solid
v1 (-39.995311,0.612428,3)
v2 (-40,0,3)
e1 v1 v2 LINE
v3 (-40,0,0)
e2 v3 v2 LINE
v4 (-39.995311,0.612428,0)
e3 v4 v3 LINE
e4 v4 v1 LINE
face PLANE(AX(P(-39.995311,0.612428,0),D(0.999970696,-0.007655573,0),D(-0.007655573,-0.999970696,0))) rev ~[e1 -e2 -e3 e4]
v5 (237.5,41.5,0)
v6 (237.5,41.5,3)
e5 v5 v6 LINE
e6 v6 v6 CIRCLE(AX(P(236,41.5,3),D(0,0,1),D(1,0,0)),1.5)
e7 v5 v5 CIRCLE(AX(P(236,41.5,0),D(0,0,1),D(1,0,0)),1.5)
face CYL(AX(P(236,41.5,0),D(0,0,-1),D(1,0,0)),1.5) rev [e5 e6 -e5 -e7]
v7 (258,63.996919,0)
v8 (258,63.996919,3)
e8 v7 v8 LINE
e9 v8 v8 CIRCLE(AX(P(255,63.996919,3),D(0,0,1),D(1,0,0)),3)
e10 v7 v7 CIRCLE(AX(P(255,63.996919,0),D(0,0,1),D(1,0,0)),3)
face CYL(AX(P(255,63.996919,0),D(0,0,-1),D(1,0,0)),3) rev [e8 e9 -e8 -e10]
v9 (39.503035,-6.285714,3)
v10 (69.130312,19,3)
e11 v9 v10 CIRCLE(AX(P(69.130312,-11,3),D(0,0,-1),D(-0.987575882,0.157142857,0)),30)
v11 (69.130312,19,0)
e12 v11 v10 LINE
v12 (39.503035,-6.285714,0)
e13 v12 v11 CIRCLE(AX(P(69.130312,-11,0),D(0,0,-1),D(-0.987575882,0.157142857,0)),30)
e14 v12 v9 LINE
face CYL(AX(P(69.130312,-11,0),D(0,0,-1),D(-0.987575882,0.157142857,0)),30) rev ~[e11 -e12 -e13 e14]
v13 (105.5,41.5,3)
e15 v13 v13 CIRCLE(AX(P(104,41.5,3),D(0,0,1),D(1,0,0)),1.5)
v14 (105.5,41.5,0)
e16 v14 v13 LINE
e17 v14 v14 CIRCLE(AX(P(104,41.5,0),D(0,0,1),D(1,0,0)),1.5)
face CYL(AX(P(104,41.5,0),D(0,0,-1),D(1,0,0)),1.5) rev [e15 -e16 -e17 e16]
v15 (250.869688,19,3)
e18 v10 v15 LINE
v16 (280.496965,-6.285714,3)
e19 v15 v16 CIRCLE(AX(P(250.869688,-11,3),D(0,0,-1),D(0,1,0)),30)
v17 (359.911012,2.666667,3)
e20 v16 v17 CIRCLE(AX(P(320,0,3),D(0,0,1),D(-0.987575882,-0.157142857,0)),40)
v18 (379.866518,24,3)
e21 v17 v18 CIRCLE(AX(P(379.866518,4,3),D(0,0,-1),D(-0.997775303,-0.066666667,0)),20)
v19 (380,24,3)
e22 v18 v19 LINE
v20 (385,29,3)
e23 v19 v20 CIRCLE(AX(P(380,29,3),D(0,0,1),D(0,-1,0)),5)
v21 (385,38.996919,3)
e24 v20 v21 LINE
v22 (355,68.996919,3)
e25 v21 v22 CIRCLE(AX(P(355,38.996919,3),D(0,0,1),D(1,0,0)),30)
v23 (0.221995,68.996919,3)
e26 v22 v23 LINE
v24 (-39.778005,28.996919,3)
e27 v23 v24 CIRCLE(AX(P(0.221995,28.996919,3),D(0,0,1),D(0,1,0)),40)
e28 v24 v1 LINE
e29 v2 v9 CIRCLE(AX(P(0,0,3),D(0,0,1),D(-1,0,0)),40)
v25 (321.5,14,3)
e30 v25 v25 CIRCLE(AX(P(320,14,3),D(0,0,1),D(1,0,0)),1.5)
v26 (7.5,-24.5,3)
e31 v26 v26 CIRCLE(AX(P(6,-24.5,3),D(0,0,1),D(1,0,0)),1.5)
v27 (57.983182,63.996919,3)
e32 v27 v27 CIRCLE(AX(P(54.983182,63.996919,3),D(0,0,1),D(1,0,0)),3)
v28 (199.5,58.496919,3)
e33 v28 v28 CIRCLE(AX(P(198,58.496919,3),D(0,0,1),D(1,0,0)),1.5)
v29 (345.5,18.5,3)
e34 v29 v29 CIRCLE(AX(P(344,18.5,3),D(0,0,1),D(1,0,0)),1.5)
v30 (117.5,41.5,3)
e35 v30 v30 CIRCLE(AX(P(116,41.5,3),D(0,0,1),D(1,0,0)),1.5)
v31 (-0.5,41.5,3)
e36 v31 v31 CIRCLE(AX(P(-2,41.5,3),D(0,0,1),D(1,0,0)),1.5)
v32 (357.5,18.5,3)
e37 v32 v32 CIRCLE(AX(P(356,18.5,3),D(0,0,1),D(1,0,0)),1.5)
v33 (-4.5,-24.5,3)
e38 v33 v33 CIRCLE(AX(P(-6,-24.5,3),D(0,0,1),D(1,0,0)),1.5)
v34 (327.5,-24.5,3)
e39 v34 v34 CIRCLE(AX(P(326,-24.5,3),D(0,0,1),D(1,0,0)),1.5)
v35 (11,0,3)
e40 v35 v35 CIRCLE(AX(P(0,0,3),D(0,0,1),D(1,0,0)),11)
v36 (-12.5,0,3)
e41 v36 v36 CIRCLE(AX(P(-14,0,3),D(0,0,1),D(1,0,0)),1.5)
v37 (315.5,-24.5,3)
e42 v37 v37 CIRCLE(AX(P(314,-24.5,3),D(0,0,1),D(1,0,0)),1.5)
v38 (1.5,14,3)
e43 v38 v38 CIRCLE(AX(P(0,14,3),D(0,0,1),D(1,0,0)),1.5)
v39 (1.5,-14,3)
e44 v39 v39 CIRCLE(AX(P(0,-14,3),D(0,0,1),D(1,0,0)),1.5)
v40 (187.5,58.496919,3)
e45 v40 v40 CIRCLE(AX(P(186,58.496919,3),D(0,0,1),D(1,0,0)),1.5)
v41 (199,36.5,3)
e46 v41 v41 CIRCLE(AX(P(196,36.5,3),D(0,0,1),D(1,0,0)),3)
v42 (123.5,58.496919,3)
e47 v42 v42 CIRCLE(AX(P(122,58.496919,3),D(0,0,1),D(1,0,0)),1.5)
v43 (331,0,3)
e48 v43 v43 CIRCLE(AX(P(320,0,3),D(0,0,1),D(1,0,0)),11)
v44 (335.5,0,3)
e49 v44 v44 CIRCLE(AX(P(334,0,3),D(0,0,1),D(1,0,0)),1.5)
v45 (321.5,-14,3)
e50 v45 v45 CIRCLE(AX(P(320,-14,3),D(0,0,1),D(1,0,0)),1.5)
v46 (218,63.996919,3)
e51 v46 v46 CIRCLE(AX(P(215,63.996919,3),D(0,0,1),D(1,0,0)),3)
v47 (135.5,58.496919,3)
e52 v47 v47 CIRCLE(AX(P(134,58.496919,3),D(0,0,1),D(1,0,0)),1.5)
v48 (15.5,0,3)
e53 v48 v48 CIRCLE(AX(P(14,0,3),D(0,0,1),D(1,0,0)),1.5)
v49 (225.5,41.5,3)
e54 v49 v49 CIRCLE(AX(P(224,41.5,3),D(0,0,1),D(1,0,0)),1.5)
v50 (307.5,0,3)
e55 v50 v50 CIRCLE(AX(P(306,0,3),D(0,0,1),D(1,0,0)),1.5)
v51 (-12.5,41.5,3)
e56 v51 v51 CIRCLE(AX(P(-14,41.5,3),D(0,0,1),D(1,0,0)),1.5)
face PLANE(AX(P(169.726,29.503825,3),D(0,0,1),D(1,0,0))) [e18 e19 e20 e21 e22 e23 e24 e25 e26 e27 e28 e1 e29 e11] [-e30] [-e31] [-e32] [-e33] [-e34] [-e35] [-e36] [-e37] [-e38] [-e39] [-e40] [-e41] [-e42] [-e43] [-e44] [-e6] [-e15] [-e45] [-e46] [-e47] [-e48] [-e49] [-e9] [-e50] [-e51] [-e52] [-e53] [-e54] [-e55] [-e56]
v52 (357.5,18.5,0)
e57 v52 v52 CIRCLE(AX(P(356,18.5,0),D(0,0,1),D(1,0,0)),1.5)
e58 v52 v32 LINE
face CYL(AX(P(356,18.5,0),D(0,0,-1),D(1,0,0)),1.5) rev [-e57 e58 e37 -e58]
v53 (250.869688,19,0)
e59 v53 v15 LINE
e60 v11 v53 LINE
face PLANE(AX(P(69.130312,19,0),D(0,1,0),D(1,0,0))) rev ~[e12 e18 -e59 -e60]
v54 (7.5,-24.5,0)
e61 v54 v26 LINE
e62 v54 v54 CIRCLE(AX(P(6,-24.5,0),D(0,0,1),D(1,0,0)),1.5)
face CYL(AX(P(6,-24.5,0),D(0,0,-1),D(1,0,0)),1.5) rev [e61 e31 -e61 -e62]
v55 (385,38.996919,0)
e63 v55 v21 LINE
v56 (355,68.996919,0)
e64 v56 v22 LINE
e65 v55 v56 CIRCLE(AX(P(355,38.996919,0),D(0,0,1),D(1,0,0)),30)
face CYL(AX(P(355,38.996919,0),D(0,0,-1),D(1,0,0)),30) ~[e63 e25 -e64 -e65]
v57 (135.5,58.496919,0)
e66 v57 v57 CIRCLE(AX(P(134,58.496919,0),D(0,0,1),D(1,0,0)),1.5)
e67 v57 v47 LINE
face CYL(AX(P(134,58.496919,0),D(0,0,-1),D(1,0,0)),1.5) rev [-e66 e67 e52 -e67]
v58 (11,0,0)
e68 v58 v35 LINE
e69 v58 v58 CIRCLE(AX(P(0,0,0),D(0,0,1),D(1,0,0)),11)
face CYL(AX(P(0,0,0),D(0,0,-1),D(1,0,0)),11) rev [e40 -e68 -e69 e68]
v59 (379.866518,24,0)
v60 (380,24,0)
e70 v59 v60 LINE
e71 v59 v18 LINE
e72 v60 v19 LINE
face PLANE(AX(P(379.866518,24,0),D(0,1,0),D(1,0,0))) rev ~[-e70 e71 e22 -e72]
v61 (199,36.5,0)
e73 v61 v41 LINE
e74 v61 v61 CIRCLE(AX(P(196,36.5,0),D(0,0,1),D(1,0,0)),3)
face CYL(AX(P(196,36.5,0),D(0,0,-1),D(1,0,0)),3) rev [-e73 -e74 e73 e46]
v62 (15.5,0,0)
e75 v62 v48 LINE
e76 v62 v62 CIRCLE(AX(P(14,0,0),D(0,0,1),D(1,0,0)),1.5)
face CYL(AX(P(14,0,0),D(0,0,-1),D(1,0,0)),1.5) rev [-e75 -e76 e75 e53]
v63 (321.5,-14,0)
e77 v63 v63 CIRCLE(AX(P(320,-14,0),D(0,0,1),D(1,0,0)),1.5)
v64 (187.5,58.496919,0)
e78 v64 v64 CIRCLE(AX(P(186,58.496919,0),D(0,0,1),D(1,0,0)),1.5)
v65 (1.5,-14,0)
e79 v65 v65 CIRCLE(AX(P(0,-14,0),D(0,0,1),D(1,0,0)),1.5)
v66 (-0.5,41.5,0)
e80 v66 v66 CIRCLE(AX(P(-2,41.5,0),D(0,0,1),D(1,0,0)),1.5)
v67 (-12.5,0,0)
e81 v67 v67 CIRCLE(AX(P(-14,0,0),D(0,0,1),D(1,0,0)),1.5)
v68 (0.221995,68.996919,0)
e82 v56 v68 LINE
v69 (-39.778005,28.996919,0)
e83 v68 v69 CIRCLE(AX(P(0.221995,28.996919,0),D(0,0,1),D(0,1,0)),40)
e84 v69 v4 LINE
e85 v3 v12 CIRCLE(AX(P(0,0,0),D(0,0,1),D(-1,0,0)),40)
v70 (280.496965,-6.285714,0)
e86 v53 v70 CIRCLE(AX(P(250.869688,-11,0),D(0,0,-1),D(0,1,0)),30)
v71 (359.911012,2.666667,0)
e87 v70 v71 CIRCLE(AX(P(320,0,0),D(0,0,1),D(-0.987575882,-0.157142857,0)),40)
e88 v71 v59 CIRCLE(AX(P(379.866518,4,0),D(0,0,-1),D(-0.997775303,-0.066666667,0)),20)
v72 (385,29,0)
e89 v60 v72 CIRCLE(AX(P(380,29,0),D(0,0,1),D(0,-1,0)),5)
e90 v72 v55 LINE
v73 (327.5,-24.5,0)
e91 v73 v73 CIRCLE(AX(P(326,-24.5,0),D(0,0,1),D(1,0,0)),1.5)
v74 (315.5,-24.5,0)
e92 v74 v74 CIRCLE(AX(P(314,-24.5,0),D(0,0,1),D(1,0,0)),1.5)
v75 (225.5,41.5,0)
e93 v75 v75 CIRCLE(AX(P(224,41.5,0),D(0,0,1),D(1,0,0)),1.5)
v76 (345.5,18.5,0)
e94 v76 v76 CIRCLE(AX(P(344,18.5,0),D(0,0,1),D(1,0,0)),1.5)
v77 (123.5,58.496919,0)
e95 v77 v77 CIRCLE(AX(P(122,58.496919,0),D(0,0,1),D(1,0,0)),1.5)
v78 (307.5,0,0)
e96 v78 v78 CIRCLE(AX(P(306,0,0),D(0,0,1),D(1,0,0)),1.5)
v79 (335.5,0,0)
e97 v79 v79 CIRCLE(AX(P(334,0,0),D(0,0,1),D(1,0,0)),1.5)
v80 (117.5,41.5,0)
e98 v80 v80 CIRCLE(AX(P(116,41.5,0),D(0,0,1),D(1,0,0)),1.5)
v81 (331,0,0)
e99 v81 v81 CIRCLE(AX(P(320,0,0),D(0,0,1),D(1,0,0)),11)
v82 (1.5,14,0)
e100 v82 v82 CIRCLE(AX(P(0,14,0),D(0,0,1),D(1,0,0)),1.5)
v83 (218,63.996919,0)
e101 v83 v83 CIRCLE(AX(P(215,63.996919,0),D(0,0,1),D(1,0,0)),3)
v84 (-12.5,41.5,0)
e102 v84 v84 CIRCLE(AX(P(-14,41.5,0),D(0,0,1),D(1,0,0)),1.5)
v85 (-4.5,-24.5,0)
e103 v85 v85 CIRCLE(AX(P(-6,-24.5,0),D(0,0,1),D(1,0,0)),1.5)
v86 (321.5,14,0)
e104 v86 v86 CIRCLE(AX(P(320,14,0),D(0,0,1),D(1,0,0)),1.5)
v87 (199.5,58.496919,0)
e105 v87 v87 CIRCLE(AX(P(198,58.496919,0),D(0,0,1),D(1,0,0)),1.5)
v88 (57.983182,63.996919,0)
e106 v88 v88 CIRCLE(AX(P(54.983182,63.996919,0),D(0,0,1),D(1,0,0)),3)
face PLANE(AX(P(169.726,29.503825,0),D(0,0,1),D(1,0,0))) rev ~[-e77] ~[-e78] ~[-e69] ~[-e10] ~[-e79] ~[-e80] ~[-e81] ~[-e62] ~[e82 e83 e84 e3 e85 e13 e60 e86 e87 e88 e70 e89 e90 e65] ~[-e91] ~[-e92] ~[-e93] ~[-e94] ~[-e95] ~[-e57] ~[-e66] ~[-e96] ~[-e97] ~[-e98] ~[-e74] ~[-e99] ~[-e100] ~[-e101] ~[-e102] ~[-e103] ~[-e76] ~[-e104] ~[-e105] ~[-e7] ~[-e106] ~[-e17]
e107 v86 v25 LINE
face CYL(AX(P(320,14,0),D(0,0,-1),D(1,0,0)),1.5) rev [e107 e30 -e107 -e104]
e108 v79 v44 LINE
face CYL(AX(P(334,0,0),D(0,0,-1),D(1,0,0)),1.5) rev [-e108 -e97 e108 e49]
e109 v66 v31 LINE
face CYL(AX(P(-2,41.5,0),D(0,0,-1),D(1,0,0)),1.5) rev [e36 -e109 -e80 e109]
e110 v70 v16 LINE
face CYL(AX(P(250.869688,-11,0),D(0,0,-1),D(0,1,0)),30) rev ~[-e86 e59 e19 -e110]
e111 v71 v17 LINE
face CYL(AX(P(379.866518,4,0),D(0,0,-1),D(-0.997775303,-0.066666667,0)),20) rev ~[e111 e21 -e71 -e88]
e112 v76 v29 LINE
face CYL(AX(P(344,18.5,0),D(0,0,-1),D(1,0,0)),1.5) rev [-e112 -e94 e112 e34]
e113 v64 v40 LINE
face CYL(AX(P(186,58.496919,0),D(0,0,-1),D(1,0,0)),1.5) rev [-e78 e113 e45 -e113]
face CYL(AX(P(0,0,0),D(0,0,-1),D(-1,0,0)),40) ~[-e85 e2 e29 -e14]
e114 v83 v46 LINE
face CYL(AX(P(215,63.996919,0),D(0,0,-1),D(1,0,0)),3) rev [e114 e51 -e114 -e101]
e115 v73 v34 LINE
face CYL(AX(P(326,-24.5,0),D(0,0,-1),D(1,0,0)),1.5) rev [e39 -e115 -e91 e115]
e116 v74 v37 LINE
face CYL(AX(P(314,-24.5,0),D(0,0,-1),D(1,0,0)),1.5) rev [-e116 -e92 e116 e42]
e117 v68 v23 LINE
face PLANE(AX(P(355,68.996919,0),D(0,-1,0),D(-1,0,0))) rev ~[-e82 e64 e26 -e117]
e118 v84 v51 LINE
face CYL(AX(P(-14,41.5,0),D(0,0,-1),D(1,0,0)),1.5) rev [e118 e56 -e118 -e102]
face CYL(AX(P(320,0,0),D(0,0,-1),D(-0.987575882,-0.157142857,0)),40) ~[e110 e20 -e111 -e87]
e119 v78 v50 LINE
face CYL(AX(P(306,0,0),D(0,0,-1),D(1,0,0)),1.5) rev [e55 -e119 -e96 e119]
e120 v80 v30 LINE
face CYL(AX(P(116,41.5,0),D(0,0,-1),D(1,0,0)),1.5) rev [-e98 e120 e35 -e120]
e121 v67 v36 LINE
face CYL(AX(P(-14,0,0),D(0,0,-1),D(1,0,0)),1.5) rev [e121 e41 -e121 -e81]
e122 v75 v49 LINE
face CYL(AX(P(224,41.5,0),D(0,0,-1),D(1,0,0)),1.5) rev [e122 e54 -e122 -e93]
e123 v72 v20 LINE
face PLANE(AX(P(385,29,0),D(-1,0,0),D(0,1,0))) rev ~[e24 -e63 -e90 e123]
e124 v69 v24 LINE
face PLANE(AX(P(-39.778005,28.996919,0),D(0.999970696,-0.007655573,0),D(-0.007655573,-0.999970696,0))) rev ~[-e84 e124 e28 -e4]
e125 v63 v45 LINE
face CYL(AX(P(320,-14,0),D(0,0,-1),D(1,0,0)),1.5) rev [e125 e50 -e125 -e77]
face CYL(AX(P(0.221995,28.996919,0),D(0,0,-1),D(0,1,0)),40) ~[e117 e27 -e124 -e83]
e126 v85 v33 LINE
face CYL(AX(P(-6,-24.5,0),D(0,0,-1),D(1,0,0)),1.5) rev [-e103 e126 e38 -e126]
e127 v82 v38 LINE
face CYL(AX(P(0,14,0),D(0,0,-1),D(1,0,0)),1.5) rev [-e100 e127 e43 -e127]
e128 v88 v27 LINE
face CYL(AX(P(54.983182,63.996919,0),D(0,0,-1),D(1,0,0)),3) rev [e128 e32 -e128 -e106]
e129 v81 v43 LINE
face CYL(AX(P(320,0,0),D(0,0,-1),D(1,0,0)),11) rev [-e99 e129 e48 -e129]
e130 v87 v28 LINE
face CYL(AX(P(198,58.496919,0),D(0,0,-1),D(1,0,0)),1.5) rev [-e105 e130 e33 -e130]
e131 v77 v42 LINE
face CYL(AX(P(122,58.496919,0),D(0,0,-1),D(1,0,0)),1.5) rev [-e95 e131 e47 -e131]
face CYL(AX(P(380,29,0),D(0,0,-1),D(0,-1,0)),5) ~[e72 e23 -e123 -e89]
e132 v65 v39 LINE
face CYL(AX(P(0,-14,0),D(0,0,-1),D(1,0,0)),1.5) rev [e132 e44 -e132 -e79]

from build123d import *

# Parameters (mm, degrees)
MODEL_R         = 1.5
MODEL_R_2       = 11
MODEL_R_3       = 3
EXTRUDE_1_DEPTH = 3


with BuildPart() as part:
    # Model → 凸台-拉伸1 (new body)
    with BuildSketch(Plane.XY):
        with BuildLine():
            ThreePointArc((39.503035275, -6.285714286), (49.655052701, 11.819164878), (69.130311731, 19))
            Line((69.130311731, 19), (250.869688269, 19))
            ThreePointArc((250.869688269, 19), (270.344947299, 11.819164878), (280.496964725, -6.285714286))
            ThreePointArc((280.496964725, -6.285714286), (324.480836134, -39.748234018), (359.911012126, 2.666666667))
            ThreePointArc((359.911012126, 2.666666667), (365.260583322, 17.662601021), (379.866518188, 24))
            Line((379.866518188, 24), (380, 24))
            ThreePointArc((380, 24), (383.535533906, 25.464466094), (385, 29))
            Line((385, 29), (385, 38.996919308))
            ThreePointArc((385, 38.996919308), (376.213203436, 60.210122744), (355, 68.996919308))
            Line((355, 68.996919308), (0.221994544, 68.996919308))
            ThreePointArc((0.221994544, 68.996919308), (-28.062276703, 57.281190556), (-39.778005456, 28.996919308))
            Line((-39.778005456, 28.996919308), (-39.995311376, 0.612427911))
            Line((-39.995311376, 0.612427911), (-40, 0))
            ThreePointArc((-40, 0), (-3.152664667, -39.875565269), (39.503035275, -6.285714286))
        make_face()
        with Locations((-6, -24.5)):
            Circle(MODEL_R, mode=Mode.SUBTRACT)
        with Locations((6, -24.5)):
            Circle(MODEL_R, mode=Mode.SUBTRACT)
        with Locations((0, -14)):
            Circle(MODEL_R, mode=Mode.SUBTRACT)
        with Locations((-14, 0)):
            Circle(MODEL_R, mode=Mode.SUBTRACT)
        Circle(MODEL_R_2, mode=Mode.SUBTRACT)
        with Locations((14, 0)):
            Circle(MODEL_R, mode=Mode.SUBTRACT)
        with Locations((0, 14)):
            Circle(MODEL_R, mode=Mode.SUBTRACT)
        with Locations((314, -24.5)):
            Circle(MODEL_R, mode=Mode.SUBTRACT)
        with Locations((326, -24.5)):
            Circle(MODEL_R, mode=Mode.SUBTRACT)
        with Locations((320, -14)):
            Circle(MODEL_R, mode=Mode.SUBTRACT)
        with Locations((306, 0)):
            Circle(MODEL_R, mode=Mode.SUBTRACT)
        with Locations((320, 0)):
            Circle(MODEL_R_2, mode=Mode.SUBTRACT)
        with Locations((334, 0)):
            Circle(MODEL_R, mode=Mode.SUBTRACT)
        with Locations((320, 14)):
            Circle(MODEL_R, mode=Mode.SUBTRACT)
        with Locations((-14, 41.5)):
            Circle(MODEL_R, mode=Mode.SUBTRACT)
        with Locations((-2, 41.5)):
            Circle(MODEL_R, mode=Mode.SUBTRACT)
        with Locations((104, 41.5)):
            Circle(MODEL_R, mode=Mode.SUBTRACT)
        with Locations((116, 41.5)):
            Circle(MODEL_R, mode=Mode.SUBTRACT)
        with Locations((54.983182049, 63.996919308)):
            Circle(MODEL_R_3, mode=Mode.SUBTRACT)
        with Locations((122, 58.496919308)):
            Circle(MODEL_R, mode=Mode.SUBTRACT)
        with Locations((134, 58.496919308)):
            Circle(MODEL_R, mode=Mode.SUBTRACT)
        with Locations((196, 36.5)):
            Circle(MODEL_R_3, mode=Mode.SUBTRACT)
        with Locations((224, 41.5)):
            Circle(MODEL_R, mode=Mode.SUBTRACT)
        with Locations((236, 41.5)):
            Circle(MODEL_R, mode=Mode.SUBTRACT)
        with Locations((344, 18.5)):
            Circle(MODEL_R, mode=Mode.SUBTRACT)
        with Locations((356, 18.5)):
            Circle(MODEL_R, mode=Mode.SUBTRACT)
        with Locations((186, 58.496919308)):
            Circle(MODEL_R, mode=Mode.SUBTRACT)
        with Locations((198, 58.496919308)):
            Circle(MODEL_R, mode=Mode.SUBTRACT)
        with Locations((215, 63.996919308)):
            Circle(MODEL_R_3, mode=Mode.SUBTRACT)
        with Locations((255, 63.996919308)):
            Circle(MODEL_R_3, mode=Mode.SUBTRACT)
    extrude(amount=EXTRUDE_1_DEPTH)


solid = part.part
